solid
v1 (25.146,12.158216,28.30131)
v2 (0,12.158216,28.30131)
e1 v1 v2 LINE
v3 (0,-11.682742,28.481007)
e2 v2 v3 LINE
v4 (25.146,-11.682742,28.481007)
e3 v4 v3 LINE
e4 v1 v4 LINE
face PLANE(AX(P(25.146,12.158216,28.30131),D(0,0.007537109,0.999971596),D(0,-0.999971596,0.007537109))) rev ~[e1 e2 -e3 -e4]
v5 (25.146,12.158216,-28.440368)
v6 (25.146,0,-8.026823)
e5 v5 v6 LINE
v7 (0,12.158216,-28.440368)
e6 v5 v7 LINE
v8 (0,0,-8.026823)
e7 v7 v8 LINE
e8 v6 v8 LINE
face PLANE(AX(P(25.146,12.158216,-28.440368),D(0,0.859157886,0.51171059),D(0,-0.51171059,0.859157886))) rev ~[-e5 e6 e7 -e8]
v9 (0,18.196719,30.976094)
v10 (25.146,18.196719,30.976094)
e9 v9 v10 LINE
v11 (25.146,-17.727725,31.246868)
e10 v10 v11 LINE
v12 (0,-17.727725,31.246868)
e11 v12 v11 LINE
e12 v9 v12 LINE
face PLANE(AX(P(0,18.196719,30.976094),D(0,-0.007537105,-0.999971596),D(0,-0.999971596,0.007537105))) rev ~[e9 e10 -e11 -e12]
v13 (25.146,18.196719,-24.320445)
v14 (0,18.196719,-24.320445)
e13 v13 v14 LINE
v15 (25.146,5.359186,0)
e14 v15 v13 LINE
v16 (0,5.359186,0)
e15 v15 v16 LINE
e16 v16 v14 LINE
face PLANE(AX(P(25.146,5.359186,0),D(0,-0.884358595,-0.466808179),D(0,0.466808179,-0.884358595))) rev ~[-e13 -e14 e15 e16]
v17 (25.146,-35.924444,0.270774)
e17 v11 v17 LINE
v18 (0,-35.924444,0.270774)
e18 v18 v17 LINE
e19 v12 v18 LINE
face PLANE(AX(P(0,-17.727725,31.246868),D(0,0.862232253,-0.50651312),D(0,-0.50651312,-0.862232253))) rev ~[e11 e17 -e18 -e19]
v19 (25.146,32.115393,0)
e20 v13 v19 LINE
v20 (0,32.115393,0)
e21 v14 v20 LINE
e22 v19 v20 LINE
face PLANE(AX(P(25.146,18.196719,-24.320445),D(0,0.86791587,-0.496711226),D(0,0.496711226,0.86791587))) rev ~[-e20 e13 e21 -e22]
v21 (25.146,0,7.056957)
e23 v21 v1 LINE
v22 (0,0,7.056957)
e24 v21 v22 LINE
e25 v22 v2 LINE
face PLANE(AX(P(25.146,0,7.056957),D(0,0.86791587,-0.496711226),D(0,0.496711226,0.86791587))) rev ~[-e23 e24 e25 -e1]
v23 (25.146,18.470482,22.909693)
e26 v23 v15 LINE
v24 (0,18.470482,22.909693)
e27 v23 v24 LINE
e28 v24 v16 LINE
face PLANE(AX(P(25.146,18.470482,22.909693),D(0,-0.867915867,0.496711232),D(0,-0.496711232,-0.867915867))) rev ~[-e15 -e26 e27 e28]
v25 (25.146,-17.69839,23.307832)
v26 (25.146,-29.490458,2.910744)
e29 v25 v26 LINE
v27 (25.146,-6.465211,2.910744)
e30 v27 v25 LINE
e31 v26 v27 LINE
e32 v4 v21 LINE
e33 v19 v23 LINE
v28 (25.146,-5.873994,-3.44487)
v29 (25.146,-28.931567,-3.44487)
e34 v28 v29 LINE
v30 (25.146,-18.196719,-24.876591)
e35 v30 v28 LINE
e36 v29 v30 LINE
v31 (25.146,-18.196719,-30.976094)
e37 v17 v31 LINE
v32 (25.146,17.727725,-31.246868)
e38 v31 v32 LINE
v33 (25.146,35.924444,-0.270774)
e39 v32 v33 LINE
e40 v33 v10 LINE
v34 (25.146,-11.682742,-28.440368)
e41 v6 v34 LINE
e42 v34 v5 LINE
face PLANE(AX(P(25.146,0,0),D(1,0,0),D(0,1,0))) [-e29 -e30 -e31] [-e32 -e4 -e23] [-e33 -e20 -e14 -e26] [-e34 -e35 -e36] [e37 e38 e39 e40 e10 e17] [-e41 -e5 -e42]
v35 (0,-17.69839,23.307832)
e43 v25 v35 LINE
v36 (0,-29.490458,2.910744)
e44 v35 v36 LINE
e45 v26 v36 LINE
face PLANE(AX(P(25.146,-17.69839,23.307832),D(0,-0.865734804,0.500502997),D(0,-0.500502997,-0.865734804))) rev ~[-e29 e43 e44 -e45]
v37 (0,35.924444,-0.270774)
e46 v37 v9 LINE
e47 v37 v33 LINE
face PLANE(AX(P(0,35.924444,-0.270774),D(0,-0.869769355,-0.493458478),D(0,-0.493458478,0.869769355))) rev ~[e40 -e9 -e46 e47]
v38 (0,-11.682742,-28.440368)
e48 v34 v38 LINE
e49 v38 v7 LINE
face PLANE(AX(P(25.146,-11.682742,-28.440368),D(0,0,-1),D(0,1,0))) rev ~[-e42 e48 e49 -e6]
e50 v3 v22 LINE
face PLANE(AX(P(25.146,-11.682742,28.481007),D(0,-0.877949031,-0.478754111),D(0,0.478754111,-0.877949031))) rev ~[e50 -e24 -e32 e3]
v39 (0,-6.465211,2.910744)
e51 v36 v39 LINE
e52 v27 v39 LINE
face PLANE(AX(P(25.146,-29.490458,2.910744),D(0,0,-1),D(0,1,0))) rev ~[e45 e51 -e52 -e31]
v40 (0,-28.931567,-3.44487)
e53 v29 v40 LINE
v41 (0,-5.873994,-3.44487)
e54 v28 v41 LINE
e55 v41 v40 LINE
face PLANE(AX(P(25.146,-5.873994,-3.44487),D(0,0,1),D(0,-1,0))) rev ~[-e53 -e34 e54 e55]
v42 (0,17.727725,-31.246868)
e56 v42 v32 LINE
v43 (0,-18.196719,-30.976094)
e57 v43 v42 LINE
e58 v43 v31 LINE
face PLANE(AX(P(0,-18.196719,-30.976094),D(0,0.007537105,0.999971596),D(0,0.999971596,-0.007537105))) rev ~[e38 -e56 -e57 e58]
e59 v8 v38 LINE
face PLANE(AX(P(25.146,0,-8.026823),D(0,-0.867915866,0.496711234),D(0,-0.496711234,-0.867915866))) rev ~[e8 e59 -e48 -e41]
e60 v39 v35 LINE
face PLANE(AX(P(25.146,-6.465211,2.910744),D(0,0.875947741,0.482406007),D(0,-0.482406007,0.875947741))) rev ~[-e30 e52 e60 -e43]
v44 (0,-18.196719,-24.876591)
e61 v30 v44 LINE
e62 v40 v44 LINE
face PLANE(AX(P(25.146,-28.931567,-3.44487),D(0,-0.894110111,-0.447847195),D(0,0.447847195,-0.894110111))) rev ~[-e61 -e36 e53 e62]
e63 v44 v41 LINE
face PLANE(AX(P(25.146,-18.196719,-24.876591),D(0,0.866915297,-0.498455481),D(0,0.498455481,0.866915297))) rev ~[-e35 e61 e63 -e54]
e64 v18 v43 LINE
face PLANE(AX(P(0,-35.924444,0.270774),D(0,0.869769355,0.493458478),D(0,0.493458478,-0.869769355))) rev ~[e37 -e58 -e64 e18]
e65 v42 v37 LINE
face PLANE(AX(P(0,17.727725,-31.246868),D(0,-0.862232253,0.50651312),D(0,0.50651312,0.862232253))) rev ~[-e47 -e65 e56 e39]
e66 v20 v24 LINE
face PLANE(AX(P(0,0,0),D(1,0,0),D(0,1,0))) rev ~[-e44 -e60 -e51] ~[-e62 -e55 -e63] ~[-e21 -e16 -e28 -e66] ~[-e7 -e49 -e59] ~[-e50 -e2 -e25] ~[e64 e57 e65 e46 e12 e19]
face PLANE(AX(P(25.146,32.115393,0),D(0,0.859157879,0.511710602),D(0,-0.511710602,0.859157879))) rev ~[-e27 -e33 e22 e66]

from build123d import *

# Parameters (mm, degrees)
F1_DEPTH = 25.146
F3_DEPTH = 25.147


with BuildPart() as f1:
    # F0 (on Right) → F1 (new body)
    with BuildSketch(Plane.YZ):
        Polygon((-18.196719, -30.976094), (17.727725, -31.246868), (35.924444, -0.270774), (18.196719, 30.976094), (-17.727725, 31.246868), (-35.924444, 0.270774), align=None)
    extrude(amount=F1_DEPTH)

    # F2 (on face) → F3 (cut, through all)
    with BuildSketch(Plane.YZ.offset(25.146)):
        Polygon((12.158216, 28.30131), (-11.682742, 28.481007), (0, 7.056957), align=None)
        Polygon((18.470482, 22.909693), (5.359186, 0), (18.196719, -24.320445), (32.115393, 0), align=None)
        Polygon((12.158216, -28.440368), (0, -8.026823), (-11.682742, -28.440368), align=None)
        Polygon((-5.873994, -3.44487), (-28.931567, -3.44487), (-18.196719, -24.876591), align=None)
        Polygon((-6.465211, 2.910744), (-17.69839, 23.307832), (-29.490458, 2.910744), align=None)
    extrude(amount=-F3_DEPTH, mode=Mode.SUBTRACT)


solid = f1.part
